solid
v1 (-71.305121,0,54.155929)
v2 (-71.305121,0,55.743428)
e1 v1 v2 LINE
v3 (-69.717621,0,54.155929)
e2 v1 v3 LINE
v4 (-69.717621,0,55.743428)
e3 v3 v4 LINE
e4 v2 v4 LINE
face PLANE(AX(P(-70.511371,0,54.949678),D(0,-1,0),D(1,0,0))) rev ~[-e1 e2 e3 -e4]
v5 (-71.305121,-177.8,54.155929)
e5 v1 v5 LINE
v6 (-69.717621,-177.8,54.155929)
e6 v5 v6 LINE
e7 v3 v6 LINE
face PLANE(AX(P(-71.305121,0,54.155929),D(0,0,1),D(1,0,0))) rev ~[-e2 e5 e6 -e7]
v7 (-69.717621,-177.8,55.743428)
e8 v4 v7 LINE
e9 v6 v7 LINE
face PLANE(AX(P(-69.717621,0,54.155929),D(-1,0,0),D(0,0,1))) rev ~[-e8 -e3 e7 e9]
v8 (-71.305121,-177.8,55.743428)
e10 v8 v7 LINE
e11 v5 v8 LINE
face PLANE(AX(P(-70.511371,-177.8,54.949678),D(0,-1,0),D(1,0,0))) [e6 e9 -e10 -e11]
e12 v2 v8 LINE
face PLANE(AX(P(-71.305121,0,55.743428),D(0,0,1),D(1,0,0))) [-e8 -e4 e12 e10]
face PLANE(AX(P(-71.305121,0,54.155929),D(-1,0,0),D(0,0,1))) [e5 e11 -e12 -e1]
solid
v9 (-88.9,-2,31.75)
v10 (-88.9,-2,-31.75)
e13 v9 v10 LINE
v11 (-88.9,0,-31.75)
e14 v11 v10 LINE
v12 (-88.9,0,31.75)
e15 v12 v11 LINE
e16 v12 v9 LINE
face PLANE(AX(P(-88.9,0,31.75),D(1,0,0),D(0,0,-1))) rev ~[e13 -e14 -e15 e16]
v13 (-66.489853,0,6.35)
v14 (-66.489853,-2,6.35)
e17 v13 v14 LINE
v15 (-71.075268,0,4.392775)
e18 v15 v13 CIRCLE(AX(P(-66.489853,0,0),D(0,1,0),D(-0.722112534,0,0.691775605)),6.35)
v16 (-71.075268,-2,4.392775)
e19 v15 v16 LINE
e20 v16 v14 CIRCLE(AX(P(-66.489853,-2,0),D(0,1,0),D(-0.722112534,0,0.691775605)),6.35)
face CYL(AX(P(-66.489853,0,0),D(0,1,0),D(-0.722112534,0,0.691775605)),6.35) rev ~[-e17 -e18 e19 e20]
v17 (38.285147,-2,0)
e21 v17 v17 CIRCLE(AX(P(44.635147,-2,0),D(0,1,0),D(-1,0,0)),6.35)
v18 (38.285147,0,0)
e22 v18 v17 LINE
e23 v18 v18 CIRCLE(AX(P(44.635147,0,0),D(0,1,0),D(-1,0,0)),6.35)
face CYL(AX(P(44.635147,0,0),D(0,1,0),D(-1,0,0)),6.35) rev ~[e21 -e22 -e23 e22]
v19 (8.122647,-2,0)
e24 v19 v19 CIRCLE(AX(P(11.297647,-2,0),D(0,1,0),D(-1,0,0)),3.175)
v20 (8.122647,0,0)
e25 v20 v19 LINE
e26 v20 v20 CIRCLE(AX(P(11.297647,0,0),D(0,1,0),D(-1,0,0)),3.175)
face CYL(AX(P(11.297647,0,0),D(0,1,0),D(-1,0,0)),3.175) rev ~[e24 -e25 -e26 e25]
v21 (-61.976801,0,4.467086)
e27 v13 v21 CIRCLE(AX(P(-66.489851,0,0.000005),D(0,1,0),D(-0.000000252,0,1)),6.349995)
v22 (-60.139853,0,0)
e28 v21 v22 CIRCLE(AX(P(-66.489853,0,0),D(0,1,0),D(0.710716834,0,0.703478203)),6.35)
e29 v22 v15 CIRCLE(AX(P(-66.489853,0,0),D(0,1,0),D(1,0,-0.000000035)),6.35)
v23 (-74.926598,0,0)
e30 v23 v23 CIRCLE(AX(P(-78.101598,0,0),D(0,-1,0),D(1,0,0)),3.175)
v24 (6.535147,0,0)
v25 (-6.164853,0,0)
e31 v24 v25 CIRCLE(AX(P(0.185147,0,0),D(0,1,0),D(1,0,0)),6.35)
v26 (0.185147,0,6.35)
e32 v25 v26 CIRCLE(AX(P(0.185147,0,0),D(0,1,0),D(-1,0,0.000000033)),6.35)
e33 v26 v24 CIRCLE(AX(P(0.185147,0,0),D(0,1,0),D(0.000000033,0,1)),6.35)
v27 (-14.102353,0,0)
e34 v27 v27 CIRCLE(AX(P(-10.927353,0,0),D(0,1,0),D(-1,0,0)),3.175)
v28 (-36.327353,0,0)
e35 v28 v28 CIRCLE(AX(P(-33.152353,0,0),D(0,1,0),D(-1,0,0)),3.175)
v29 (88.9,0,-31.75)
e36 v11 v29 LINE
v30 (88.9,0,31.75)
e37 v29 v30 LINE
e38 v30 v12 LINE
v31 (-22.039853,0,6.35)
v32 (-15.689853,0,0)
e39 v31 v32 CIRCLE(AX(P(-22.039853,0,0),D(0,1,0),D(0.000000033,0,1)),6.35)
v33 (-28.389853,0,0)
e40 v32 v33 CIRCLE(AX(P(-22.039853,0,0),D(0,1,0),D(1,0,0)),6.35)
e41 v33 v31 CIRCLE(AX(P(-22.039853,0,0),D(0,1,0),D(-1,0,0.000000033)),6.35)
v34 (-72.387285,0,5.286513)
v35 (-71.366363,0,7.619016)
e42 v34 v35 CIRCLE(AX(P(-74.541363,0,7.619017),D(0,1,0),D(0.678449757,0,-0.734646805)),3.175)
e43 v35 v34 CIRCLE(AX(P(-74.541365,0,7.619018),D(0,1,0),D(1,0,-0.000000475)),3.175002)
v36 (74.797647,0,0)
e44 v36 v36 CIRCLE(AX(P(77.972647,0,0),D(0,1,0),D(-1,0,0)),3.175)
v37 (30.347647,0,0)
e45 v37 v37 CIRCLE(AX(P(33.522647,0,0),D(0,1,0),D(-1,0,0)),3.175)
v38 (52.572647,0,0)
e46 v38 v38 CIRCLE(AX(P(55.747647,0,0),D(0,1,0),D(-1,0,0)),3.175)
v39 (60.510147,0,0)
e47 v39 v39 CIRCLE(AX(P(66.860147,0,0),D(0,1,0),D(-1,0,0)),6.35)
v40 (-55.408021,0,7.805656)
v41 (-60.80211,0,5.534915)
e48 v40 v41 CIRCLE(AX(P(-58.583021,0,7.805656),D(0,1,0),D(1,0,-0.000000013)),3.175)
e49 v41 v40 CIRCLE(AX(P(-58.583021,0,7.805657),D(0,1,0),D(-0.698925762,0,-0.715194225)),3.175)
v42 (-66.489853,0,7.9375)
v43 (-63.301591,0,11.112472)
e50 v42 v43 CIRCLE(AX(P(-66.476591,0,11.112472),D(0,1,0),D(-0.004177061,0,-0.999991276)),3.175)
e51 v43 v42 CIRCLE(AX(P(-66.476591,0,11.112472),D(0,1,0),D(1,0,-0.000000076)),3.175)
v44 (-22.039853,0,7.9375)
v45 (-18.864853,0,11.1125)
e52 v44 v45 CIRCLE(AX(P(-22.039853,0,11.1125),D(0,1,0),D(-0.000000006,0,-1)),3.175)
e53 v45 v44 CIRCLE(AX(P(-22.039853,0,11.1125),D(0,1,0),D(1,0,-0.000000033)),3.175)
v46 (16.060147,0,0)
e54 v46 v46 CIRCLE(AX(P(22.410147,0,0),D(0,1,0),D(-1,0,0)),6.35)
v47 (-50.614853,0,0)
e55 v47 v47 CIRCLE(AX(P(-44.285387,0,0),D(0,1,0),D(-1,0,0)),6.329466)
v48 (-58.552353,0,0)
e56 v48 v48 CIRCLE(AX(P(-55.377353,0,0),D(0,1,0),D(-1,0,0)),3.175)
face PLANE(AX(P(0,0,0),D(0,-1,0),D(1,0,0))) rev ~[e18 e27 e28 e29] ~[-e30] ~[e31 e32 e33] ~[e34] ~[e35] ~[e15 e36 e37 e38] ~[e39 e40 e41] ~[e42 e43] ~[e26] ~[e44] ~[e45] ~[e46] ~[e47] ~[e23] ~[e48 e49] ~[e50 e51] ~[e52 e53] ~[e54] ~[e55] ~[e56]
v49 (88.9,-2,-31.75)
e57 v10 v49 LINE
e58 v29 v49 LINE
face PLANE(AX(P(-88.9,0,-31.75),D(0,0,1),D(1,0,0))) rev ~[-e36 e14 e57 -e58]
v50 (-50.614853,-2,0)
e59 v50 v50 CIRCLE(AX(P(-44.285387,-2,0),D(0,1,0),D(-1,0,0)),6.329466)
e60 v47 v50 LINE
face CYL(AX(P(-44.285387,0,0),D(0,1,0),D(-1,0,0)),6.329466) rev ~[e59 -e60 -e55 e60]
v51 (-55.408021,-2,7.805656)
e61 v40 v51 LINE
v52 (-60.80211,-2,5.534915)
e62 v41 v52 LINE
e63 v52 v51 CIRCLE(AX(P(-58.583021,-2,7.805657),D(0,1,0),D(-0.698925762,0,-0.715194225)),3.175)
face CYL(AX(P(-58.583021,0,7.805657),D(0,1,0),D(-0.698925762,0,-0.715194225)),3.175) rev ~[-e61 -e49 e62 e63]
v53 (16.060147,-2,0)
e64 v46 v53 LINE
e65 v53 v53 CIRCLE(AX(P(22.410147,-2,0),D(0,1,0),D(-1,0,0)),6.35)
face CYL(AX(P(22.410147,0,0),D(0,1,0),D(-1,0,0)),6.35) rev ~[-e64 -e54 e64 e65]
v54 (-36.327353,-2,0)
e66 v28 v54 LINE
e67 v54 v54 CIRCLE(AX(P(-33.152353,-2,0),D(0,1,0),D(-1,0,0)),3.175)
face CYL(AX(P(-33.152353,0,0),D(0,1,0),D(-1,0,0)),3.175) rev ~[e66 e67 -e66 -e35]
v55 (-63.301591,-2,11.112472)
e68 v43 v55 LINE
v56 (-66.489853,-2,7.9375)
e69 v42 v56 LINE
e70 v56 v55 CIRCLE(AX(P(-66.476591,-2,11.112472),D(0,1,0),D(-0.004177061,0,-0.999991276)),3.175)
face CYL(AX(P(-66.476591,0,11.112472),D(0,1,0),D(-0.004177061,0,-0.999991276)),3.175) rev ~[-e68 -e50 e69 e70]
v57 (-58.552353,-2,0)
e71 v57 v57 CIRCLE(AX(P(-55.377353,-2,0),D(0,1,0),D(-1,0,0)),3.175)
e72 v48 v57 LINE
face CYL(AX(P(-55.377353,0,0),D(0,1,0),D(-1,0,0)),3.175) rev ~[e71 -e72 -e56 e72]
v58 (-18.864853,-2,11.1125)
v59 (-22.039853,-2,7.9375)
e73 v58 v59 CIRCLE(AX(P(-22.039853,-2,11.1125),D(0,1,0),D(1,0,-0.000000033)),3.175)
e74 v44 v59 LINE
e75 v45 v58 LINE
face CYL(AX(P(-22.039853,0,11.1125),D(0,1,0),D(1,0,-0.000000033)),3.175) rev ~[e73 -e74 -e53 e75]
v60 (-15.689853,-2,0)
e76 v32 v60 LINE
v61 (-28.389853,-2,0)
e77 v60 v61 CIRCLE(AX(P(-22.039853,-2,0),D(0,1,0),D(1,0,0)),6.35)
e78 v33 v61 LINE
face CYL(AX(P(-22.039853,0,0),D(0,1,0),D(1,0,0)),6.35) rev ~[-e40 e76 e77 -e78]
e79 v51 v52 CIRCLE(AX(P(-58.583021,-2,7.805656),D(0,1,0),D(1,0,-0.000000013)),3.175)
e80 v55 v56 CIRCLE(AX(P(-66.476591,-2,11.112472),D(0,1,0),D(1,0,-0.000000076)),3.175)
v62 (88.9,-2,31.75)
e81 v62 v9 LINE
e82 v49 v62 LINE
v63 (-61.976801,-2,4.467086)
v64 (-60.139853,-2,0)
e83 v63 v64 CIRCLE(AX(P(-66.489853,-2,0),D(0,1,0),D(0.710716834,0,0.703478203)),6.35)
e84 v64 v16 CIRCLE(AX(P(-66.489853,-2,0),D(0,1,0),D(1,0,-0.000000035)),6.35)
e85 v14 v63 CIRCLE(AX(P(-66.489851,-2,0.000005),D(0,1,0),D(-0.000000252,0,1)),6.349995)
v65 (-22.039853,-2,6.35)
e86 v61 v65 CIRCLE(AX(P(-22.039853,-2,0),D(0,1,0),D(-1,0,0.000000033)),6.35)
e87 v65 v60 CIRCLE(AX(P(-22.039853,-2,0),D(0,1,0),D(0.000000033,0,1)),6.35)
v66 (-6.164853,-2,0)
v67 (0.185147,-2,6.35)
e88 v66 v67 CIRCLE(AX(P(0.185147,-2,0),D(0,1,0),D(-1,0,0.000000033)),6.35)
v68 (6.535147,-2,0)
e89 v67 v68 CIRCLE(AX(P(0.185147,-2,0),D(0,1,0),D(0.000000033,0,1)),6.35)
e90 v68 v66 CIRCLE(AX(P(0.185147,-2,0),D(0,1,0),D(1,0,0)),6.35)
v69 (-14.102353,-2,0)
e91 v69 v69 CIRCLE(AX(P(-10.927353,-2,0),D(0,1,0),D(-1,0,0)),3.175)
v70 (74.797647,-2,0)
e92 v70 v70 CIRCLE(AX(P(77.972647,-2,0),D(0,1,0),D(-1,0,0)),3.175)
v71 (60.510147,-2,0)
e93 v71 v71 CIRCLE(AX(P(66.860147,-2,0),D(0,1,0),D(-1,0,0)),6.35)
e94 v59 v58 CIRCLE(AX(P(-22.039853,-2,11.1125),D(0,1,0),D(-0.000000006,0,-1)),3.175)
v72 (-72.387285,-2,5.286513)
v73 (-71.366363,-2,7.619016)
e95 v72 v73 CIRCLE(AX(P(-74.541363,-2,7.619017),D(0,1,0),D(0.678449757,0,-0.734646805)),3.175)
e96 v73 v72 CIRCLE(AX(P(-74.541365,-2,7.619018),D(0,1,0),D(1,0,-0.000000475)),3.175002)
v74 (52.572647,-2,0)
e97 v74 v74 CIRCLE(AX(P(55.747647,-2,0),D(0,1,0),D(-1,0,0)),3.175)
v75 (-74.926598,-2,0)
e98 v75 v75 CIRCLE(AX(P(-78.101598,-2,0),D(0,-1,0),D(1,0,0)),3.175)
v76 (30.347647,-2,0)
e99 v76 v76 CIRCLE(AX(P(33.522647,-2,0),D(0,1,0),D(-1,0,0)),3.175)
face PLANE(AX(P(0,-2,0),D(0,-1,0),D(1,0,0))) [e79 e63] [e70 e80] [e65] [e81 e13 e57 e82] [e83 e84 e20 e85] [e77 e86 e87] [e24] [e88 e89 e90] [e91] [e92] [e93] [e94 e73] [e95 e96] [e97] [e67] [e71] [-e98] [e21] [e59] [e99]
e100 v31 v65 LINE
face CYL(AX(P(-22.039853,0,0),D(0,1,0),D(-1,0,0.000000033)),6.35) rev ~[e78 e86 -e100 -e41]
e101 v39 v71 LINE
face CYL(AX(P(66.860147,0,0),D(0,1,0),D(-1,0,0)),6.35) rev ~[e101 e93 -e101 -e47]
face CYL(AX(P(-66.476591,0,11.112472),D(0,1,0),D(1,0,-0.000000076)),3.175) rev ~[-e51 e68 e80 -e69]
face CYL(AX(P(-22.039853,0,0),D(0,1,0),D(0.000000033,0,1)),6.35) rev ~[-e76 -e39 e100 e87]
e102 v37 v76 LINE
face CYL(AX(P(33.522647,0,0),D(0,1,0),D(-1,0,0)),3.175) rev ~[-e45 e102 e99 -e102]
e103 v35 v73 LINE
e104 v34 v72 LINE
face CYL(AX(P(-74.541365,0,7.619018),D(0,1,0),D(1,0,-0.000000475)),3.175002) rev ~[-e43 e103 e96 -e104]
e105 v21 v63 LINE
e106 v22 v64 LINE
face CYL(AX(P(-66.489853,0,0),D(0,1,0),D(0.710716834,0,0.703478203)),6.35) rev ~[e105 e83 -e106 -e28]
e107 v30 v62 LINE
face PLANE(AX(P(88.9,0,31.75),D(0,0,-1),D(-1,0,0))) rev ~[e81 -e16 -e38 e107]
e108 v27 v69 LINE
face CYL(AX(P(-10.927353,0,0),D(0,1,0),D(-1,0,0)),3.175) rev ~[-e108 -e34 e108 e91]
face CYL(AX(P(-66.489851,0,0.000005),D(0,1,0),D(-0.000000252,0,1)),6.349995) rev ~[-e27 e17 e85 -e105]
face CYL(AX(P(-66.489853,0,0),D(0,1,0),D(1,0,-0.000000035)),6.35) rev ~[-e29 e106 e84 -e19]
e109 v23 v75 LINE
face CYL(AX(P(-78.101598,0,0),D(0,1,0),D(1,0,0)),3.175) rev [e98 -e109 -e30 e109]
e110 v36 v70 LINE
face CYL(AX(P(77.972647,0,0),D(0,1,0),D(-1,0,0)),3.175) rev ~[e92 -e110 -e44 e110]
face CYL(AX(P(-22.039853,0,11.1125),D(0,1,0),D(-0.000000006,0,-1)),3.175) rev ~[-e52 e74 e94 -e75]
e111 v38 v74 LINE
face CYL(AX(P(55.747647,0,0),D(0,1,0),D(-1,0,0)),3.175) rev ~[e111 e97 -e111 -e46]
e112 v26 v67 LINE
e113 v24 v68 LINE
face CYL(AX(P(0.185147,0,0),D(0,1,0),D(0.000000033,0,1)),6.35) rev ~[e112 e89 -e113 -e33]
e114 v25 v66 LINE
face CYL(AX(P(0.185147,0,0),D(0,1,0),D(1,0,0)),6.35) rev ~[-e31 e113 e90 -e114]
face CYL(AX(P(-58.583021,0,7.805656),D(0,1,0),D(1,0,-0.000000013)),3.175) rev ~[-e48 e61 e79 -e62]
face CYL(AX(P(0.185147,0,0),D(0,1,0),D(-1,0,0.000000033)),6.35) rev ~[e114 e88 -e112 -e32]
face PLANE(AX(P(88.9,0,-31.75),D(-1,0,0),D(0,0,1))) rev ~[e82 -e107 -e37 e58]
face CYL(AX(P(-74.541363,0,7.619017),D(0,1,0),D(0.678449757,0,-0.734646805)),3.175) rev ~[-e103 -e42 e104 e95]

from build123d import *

# Parameters (mm, degrees)
F0_R     = 3.175
F1_DEPTH = 2
F2_W     = 1.5875
F2_H     = 1.587499
F3_DEPTH = 177.8


with BuildPart() as f1:
    # F0 (on Front) → F1 (new body)
    with BuildSketch(Plane.XZ):
        Polygon((-88.9, -31.75), (88.9, -31.75), (88.9, 31.75), (-88.9, 31.75), (-88.9, 0), align=None)
        with Locations((-78.101598, 0)):
            Circle(F0_R, mode=Mode.SUBTRACT)
        with BuildLine():
            ThreePointArc((-71.366363, 7.619016), (-71.632771, 6.345943), (-72.387285, 5.286513))
            ThreePointArc((-72.387285, 5.286513), (-77.449956, 8.892088), (-71.366363, 7.619016))
        make_face(mode=Mode.SUBTRACT)
        with BuildLine():
            ThreePointArc((-61.976801, 4.467086), (-60.617018, 2.415017), (-60.139853, 0))
            ThreePointArc((-60.139853, 0), (-68.856825, -5.892363), (-71.075268, 4.392775))
            ThreePointArc((-71.075268, 4.392775), (-68.982681, 5.840232), (-66.489853, 6.35))
            ThreePointArc((-66.489853, 6.35), (-64.044807, 5.860397), (-61.976801, 4.467086))
        make_face(mode=Mode.SUBTRACT)
        with BuildLine():
            ThreePointArc((-52.202353, 0), (-55.377353, -3.175), (-58.552353, 0))
            ThreePointArc((-58.552353, 0), (-55.377353, 3.175), (-52.202353, 0))
        make_face(mode=Mode.SUBTRACT)
        with BuildLine():
            ThreePointArc((-55.408021, 7.805656), (-57.351149, 4.879376), (-60.80211, 5.534915))
            ThreePointArc((-60.80211, 5.534915), (-59.814892, 10.731937), (-55.408021, 7.805656))
        make_face(mode=Mode.SUBTRACT)
        with BuildLine():
            ThreePointArc((-63.301591, 11.112472), (-64.236221, 8.862724), (-66.489853, 7.9375))
            ThreePointArc((-66.489853, 7.9375), (-68.716961, 13.36222), (-63.301591, 11.112472))
        make_face(mode=Mode.SUBTRACT)
        with BuildLine():
            ThreePointArc((-37.955921, 0), (-44.285387, -6.329466), (-50.614853, 0))
            ThreePointArc((-50.614853, 0), (-44.285387, 6.329466), (-37.955921, 0))
        make_face(mode=Mode.SUBTRACT)
        with BuildLine():
            ThreePointArc((-29.977353, 0), (-33.152353, -3.175), (-36.327353, 0))
            ThreePointArc((-36.327353, 0), (-33.152353, 3.175), (-29.977353, 0))
        make_face(mode=Mode.SUBTRACT)
        with BuildLine():
            ThreePointArc((-15.689853, 0), (-22.039853, -6.35), (-28.389853, 0))
            ThreePointArc((-28.389853, 0), (-26.529981, 4.490128), (-22.039853, 6.35))
            ThreePointArc((-22.039853, 6.35), (-17.549725, 4.490128), (-15.689853, 0))
        make_face(mode=Mode.SUBTRACT)
        with BuildLine():
            ThreePointArc((-7.752353, 0), (-10.927353, -3.175), (-14.102353, 0))
            ThreePointArc((-14.102353, 0), (-10.927353, 3.175), (-7.752353, 0))
        make_face(mode=Mode.SUBTRACT)
        with BuildLine():
            ThreePointArc((-18.864853, 11.1125), (-19.794789, 8.867436), (-22.039853, 7.9375))
            ThreePointArc((-22.039853, 7.9375), (-24.284917, 13.357564), (-18.864853, 11.1125))
        make_face(mode=Mode.SUBTRACT)
        with BuildLine():
            ThreePointArc((6.535147, 0), (0.185147, -6.35), (-6.164853, 0))
            ThreePointArc((-6.164853, 0), (-4.304981, 4.490128), (0.185147, 6.35))
            ThreePointArc((0.185147, 6.35), (4.675275, 4.490128), (6.535147, 0))
        make_face(mode=Mode.SUBTRACT)
        with BuildLine():
            ThreePointArc((14.472647, 0), (11.297647, -3.175), (8.122647, 0))
            ThreePointArc((8.122647, 0), (11.297647, 3.175), (14.472647, 0))
        make_face(mode=Mode.SUBTRACT)
        with BuildLine():
            ThreePointArc((28.760147, 0), (22.410147, -6.35), (16.060147, 0))
            ThreePointArc((16.060147, 0), (22.410147, 6.35), (28.760147, 0))
        make_face(mode=Mode.SUBTRACT)
        with BuildLine():
            ThreePointArc((36.697647, 0), (33.522647, -3.175), (30.347647, 0))
            ThreePointArc((30.347647, 0), (33.522647, 3.175), (36.697647, 0))
        make_face(mode=Mode.SUBTRACT)
        with BuildLine():
            ThreePointArc((50.985147, 0), (44.635147, -6.35), (38.285147, 0))
            ThreePointArc((38.285147, 0), (44.635147, 6.35), (50.985147, 0))
        make_face(mode=Mode.SUBTRACT)
        with BuildLine():
            ThreePointArc((58.922647, 0), (55.747647, -3.175), (52.572647, 0))
            ThreePointArc((52.572647, 0), (55.747647, 3.175), (58.922647, 0))
        make_face(mode=Mode.SUBTRACT)
        with BuildLine():
            ThreePointArc((73.210147, 0), (66.860147, -6.35), (60.510147, 0))
            ThreePointArc((60.510147, 0), (66.860147, 6.35), (73.210147, 0))
        make_face(mode=Mode.SUBTRACT)
        with BuildLine():
            ThreePointArc((81.147647, 0), (77.972647, -3.175), (74.797647, 0))
            ThreePointArc((74.797647, 0), (77.972647, 3.175), (81.147647, 0))
        make_face(mode=Mode.SUBTRACT)
    extrude(amount=F1_DEPTH)


with BuildPart() as f3:
    # F2 (on Front) → F3 (new body)
    with BuildSketch(Plane.XZ):
        with Locations((-70.511371, 54.949678)):
            Rectangle(F2_W, F2_H)
    extrude(amount=F3_DEPTH)


solid = Compound([f1.part, f3.part])
